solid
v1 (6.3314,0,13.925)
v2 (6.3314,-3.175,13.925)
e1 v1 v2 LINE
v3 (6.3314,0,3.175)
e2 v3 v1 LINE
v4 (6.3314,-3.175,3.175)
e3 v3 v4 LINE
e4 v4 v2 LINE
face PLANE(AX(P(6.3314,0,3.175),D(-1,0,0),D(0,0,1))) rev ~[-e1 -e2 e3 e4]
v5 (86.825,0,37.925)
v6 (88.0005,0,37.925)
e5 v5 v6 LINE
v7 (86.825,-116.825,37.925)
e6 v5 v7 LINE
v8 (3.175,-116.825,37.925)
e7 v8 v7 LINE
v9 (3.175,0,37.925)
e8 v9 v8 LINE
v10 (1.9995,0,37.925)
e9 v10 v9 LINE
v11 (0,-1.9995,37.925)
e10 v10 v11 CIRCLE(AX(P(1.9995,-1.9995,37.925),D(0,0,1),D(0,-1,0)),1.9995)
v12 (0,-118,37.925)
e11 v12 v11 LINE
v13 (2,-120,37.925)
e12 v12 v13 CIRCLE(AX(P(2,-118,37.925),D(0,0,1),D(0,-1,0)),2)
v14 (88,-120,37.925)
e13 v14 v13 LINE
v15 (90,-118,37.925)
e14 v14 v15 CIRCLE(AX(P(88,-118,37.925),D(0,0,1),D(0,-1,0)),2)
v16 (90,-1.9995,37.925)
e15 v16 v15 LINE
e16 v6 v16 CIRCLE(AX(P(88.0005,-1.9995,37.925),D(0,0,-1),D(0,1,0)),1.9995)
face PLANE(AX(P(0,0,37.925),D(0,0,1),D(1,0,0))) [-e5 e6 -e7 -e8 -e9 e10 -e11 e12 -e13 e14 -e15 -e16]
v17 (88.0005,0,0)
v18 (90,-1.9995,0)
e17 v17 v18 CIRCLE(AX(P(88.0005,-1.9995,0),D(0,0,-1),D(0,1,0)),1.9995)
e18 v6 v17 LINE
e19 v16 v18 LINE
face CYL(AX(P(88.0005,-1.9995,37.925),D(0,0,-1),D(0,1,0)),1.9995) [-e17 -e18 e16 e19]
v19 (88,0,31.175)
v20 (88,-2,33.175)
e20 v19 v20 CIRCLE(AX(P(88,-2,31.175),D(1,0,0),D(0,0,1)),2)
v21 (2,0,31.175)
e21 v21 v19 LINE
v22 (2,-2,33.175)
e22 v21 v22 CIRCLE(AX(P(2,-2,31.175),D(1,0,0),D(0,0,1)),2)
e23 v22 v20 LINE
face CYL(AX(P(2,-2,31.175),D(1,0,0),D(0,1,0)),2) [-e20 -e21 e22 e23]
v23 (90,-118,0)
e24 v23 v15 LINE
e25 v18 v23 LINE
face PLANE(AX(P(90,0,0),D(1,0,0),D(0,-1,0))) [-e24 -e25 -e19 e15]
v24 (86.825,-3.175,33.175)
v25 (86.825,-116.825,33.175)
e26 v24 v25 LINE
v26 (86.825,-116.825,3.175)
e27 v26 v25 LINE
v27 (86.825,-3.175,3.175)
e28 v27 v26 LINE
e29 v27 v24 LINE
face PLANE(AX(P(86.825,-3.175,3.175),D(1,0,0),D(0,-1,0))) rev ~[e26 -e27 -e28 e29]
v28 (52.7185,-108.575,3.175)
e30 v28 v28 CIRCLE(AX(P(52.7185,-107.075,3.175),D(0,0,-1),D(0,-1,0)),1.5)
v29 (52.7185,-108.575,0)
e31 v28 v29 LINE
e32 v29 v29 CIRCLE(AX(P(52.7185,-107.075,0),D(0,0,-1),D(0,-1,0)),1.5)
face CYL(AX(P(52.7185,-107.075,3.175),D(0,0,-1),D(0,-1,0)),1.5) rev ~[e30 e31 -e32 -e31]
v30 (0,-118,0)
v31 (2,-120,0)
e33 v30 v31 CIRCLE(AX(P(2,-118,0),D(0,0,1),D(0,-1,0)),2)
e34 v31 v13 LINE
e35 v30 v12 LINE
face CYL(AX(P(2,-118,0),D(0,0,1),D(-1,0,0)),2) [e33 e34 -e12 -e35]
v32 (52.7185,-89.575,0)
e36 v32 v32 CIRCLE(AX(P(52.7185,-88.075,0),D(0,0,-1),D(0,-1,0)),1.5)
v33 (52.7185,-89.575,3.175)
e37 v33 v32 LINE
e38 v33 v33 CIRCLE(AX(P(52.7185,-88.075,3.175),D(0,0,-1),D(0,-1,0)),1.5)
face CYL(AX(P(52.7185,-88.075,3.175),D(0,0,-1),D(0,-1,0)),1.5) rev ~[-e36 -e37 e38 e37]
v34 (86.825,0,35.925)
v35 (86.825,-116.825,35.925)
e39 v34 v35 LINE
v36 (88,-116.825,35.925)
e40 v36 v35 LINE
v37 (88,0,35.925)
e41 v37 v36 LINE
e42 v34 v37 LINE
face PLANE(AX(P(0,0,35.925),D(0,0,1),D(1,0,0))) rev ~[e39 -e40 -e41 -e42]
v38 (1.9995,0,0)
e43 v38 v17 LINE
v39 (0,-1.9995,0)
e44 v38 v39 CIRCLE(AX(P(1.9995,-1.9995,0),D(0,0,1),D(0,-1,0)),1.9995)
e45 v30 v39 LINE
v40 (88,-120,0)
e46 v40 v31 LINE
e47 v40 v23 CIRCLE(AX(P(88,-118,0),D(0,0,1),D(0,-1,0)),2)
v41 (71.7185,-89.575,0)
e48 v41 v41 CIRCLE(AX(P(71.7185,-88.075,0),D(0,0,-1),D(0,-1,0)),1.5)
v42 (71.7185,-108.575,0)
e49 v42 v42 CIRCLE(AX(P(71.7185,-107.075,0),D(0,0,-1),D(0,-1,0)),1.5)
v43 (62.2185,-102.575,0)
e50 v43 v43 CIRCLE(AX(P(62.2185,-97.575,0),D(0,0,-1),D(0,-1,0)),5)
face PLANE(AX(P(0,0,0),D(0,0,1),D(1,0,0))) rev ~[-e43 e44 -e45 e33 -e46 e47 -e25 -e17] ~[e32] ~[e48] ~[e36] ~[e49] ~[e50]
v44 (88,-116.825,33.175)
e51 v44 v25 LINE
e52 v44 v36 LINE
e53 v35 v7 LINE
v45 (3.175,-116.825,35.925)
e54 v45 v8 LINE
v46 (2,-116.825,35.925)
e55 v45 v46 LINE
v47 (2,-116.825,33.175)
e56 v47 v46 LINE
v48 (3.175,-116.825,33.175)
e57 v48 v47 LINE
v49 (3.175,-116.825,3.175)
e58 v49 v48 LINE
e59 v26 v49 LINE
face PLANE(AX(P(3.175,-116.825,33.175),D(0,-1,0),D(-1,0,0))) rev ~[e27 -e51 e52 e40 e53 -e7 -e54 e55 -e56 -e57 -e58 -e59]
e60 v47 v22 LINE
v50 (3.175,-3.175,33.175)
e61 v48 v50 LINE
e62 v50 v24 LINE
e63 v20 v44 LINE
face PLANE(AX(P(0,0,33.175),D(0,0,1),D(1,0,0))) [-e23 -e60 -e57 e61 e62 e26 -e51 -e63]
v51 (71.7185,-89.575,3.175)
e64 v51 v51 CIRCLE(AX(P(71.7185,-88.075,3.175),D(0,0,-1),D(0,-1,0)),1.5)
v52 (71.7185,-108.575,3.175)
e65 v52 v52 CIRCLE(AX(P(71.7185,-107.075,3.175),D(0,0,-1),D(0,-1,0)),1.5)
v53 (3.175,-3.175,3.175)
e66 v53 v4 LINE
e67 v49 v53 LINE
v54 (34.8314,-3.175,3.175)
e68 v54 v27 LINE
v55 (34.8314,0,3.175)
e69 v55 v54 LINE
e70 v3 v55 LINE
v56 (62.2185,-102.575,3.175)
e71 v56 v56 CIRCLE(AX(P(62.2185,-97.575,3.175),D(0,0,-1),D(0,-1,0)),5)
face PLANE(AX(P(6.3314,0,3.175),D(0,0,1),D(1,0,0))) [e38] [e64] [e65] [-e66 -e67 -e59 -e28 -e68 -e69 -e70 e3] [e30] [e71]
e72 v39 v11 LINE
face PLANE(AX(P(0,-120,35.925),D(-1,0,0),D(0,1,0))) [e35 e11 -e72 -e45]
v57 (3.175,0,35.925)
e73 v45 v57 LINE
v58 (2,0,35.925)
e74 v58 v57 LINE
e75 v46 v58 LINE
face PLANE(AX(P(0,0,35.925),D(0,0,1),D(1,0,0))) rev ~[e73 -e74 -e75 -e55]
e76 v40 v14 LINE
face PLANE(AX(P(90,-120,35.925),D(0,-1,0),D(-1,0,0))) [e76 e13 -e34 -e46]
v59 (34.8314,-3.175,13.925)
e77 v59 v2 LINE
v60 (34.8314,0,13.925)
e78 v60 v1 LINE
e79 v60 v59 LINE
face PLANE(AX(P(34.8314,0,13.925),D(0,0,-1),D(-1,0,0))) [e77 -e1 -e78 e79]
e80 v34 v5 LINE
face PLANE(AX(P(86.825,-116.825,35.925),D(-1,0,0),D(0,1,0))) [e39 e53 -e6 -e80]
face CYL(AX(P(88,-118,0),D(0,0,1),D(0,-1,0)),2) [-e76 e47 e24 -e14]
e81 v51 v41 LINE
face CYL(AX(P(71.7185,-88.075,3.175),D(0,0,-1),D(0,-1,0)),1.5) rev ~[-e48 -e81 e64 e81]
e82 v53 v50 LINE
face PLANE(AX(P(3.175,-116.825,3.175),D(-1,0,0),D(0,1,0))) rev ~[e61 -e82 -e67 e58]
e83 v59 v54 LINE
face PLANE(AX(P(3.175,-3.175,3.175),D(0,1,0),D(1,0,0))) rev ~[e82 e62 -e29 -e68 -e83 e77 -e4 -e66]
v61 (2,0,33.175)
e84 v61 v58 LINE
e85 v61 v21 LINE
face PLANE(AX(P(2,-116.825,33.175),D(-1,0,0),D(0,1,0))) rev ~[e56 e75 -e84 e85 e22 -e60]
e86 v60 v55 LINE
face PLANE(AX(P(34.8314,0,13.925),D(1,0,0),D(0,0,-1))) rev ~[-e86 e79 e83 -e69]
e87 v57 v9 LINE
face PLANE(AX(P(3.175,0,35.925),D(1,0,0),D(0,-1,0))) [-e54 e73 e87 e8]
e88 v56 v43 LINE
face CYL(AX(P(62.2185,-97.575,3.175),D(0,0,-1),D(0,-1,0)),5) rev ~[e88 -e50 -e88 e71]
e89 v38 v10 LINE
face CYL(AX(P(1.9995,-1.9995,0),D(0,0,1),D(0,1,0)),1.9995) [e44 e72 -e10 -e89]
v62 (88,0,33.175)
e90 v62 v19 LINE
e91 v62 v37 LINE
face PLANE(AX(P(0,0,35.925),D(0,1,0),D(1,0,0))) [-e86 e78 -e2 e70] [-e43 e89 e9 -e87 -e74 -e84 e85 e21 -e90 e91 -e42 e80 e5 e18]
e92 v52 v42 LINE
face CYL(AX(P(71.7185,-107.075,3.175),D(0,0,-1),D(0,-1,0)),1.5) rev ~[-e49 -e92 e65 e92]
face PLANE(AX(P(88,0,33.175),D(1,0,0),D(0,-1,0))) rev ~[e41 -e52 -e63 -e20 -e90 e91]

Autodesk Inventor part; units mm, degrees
ref_plane "YZ Plane" through (0, 0, 0) normal (1, 0, 0) x (0, 1, 0)
ref_plane "XZ Plane" through (0, 0, 0) normal (0, 1, 0) x (-1, 0, 0)
ref_plane "XY Plane" through (0, 0, 0) normal (0, 0, 1) x (1, 0, 0)
sketch "Sketch1" plane through (0, 0, 0) normal (0, 0, 1) x (1, 0, 0)
  line L0 (0, 0) -> (90, 0)
  line L1 (90, 0) -> (90, -120)
  line L2 (90, -120) -> (0, -120)
  line L3 (0, -120) -> (0, 0)
  dimension "d0" = 90
  dimension "d1" = 120
extrude "Extrusion1" add sketch "Sketch1" along normal blind 3.175
sketch "Sketch2" plane through (0, 0, 3.175) normal (0, 0, 1) x (1, 0, 0)
  point P0 (0, 0)
sketch "Sketch3" plane through (0, 0, 3.175) normal (0, 0, 1) x (1, 0, 0)
  line L0 (0, -120) -> (90, -120) projected
  line L1 (0, 0) -> (90, 0)
  line L2 (90, 0) -> (90, -120)
  line L3 (90, -120) -> (0, -120)
  line L4 (0, -120) -> (0, 0)
  line L5 (90, 0) -> (0, 0) projected
  line L6 (0, 0) -> (3.175, 0)
  line L7 (90, -120) -> (90, -116.825)
  line L8 (90, -120) -> (90, 0) projected
  line L9 (3.175, -3.175) -> (86.825, -3.175)
  line L10 (86.825, -3.175) -> (86.825, -116.825)
  line L11 (86.825, -116.825) -> (3.175, -116.825)
  line L12 (3.175, -116.825) -> (3.175, -3.175)
  dimension "d4" = 3.175
  dimension "d5" = 3.175
  dimension "d7" = 3.175
extrude "Extrusion2" add sketch "Sketch3" along normal blind 30
sketch "Sketch4" plane through (0, 0, 33.175) normal (0, 0, 1) x (1, 0, 0)
  line L0 (0, 0) -> (90, 0) projected
  line L1 (0, -120) -> (0, 0) projected
  line L2 (0, 0) -> (0, -120)
  line L3 (90, -120) -> (0, -120) projected
  line L4 (0, -120) -> (90, -120)
  line L5 (90, -120) -> (90, 0)
  line L6 (90, 0) -> (88, 0)
  line L7 (88, 0) -> (88, -116.825)
  line L8 (3.175, -116.825) -> (86.825, -116.825) projected
  line L9 (88, -116.825) -> (3.175, -116.825)
  line L10 (3.175, -116.825) -> (2, -116.825)
  line L11 (2, -116.825) -> (2, 0)
  line L12 (2, 0) -> (0, 0)
  dimension "d10" = 2
  dimension "d11" = 1.175
extrude "Extrusion3" add sketch "Sketch4" along normal blind 2.75 contours L0 L11 L10 L8 L9 L7 L5 L3 L1
sketch "Sketch5" plane through (0, 0, 35.925) normal (0, 0, 1) x (1, 0, 0)
  line L0 (0, 0) -> (90, 0) projected
  line L1 (0, 0) -> (3.175, 0)
  line L2 (86.825, -3.175) -> (3.175, -3.175) projected
  line L3 (3.175, -116.825) -> (86.825, -116.825) projected
  line L4 (3.175, 0) -> (3.175, -116.825)
  line L5 (3.175, -116.825) -> (86.825, -116.825)
  line L6 (86.825, -116.825) -> (86.825, 0)
  line L7 (90, 0) -> (90, -120) projected
  line L8 (86.825, 0) -> (90, 0)
  line L9 (90, 0) -> (90, -120)
  line L10 (90, -120) -> (0, -120) projected
  line L11 (90, -120) -> (0, -120)
  line L12 (0, -120) -> (0, 0) projected
  line L13 (0, -120) -> (0, 0)
  line L14 (0, 0) -> (3.175, 0)
extrude "Extrusion4" add sketch "Sketch5" along normal blind 2 contours L0 L4 L3 L6 L7 L10 L12
sketch "Sketch6" plane through (0, 0, 0) normal (0, 1, 0) x (1, 0, 0)
  line L0 (3.175, -3.175) -> (86.825, -3.175) projected
  line L1 (3.175, -3.175) -> (3.175, -33.175) projected
  line L2 (86.825, -3.175) -> (3.175, -3.175)
  line L3 (3.175, -3.175) -> (45, -3.175)
  line L4 (45, -13.925) -> (6.3314, -13.925)
  line L5 (6.3314, -13.925) -> (34.8314, -13.925)
  line L6 (34.8314, -13.925) -> (34.8314, -3.175)
  line L7 (34.8314, -3.175) -> (6.3314, -3.175)
  line L8 (6.3314, -3.175) -> (6.3314, -13.925)
  point P0 (0, 0)
  dimension "d16" = 10.75
  dimension "d18" = 28.5
  dimension "d46" = 3.1564
extrude "Extrusion5" cut sketch "Sketch6" against normal blind 3.175
sketch "Sketch7" plane through (0, 0, 3.175) normal (0, 0, 1) x (1, 0, 0)
  line L0 (0, -120) -> (90, -120) projected
  line L1 (90, -120) -> (34.437, -120)
  line L2 (34.437, -120) -> (34.437, -75.55)
  line L3 (34.437, -75.55) -> (90, -75.55)
  line L4 (90, -75.55) -> (90, -120)
  line L5 (90, -120) -> (34.437, -120)
  line L6 (62.2185, -120) -> (62.2185, -97.575)
  dimension "d22" = 55.563
  dimension "d23" = 44.45
  dimension "d24" = 22.425
hole "Hole1" at (62.2185, -97.575, 3.175) direction (0, 0, -1) diameter 10 end through all
sketch "Sketch8" plane through (0, 0, 3.175) normal (0, 0, 1) x (1, 0, 0)
  circle A0 centre (62.2185, -97.575) radius 5 projected
  line L0 (62.2185, -97.575) -> (71.7185, -97.575)
  line L1 (71.7185, -97.575) -> (71.7185, -88.075)
  line L2 (71.7185, -88.075) -> (52.7185, -88.075)
  line L3 (52.7185, -88.075) -> (52.7185, -107.075)
  line L4 (52.7185, -107.075) -> (71.7185, -107.075)
  line L5 (71.7185, -107.075) -> (71.7185, -88.075)
  point P0 (0, 0)
  dimension "d32" = 9.5
  dimension "d33" = 9.5
  dimension "d34" = 19
  dimension "d35" = 19
hole "Hole2" at (52.7185, -88.075, 3.175) at (71.7185, -88.075, 3.175) at (71.7185, -107.075, 3.175) at (52.7185, -107.075, 3.175) direction (0, 0, -1) diameter 3 end through all
fillet "Fillet1" radius 2 2 edges at (0, 0, 18.9625) (90, 0, 18.9625)
fillet "Fillet2" radius 2 2 edges at (0, -120, 18.9625) (90, -120, 18.9625)
fillet "Fillet3" radius 2 1 edges at (45, 0, 33.175)
properties part number "BatteryBox"
